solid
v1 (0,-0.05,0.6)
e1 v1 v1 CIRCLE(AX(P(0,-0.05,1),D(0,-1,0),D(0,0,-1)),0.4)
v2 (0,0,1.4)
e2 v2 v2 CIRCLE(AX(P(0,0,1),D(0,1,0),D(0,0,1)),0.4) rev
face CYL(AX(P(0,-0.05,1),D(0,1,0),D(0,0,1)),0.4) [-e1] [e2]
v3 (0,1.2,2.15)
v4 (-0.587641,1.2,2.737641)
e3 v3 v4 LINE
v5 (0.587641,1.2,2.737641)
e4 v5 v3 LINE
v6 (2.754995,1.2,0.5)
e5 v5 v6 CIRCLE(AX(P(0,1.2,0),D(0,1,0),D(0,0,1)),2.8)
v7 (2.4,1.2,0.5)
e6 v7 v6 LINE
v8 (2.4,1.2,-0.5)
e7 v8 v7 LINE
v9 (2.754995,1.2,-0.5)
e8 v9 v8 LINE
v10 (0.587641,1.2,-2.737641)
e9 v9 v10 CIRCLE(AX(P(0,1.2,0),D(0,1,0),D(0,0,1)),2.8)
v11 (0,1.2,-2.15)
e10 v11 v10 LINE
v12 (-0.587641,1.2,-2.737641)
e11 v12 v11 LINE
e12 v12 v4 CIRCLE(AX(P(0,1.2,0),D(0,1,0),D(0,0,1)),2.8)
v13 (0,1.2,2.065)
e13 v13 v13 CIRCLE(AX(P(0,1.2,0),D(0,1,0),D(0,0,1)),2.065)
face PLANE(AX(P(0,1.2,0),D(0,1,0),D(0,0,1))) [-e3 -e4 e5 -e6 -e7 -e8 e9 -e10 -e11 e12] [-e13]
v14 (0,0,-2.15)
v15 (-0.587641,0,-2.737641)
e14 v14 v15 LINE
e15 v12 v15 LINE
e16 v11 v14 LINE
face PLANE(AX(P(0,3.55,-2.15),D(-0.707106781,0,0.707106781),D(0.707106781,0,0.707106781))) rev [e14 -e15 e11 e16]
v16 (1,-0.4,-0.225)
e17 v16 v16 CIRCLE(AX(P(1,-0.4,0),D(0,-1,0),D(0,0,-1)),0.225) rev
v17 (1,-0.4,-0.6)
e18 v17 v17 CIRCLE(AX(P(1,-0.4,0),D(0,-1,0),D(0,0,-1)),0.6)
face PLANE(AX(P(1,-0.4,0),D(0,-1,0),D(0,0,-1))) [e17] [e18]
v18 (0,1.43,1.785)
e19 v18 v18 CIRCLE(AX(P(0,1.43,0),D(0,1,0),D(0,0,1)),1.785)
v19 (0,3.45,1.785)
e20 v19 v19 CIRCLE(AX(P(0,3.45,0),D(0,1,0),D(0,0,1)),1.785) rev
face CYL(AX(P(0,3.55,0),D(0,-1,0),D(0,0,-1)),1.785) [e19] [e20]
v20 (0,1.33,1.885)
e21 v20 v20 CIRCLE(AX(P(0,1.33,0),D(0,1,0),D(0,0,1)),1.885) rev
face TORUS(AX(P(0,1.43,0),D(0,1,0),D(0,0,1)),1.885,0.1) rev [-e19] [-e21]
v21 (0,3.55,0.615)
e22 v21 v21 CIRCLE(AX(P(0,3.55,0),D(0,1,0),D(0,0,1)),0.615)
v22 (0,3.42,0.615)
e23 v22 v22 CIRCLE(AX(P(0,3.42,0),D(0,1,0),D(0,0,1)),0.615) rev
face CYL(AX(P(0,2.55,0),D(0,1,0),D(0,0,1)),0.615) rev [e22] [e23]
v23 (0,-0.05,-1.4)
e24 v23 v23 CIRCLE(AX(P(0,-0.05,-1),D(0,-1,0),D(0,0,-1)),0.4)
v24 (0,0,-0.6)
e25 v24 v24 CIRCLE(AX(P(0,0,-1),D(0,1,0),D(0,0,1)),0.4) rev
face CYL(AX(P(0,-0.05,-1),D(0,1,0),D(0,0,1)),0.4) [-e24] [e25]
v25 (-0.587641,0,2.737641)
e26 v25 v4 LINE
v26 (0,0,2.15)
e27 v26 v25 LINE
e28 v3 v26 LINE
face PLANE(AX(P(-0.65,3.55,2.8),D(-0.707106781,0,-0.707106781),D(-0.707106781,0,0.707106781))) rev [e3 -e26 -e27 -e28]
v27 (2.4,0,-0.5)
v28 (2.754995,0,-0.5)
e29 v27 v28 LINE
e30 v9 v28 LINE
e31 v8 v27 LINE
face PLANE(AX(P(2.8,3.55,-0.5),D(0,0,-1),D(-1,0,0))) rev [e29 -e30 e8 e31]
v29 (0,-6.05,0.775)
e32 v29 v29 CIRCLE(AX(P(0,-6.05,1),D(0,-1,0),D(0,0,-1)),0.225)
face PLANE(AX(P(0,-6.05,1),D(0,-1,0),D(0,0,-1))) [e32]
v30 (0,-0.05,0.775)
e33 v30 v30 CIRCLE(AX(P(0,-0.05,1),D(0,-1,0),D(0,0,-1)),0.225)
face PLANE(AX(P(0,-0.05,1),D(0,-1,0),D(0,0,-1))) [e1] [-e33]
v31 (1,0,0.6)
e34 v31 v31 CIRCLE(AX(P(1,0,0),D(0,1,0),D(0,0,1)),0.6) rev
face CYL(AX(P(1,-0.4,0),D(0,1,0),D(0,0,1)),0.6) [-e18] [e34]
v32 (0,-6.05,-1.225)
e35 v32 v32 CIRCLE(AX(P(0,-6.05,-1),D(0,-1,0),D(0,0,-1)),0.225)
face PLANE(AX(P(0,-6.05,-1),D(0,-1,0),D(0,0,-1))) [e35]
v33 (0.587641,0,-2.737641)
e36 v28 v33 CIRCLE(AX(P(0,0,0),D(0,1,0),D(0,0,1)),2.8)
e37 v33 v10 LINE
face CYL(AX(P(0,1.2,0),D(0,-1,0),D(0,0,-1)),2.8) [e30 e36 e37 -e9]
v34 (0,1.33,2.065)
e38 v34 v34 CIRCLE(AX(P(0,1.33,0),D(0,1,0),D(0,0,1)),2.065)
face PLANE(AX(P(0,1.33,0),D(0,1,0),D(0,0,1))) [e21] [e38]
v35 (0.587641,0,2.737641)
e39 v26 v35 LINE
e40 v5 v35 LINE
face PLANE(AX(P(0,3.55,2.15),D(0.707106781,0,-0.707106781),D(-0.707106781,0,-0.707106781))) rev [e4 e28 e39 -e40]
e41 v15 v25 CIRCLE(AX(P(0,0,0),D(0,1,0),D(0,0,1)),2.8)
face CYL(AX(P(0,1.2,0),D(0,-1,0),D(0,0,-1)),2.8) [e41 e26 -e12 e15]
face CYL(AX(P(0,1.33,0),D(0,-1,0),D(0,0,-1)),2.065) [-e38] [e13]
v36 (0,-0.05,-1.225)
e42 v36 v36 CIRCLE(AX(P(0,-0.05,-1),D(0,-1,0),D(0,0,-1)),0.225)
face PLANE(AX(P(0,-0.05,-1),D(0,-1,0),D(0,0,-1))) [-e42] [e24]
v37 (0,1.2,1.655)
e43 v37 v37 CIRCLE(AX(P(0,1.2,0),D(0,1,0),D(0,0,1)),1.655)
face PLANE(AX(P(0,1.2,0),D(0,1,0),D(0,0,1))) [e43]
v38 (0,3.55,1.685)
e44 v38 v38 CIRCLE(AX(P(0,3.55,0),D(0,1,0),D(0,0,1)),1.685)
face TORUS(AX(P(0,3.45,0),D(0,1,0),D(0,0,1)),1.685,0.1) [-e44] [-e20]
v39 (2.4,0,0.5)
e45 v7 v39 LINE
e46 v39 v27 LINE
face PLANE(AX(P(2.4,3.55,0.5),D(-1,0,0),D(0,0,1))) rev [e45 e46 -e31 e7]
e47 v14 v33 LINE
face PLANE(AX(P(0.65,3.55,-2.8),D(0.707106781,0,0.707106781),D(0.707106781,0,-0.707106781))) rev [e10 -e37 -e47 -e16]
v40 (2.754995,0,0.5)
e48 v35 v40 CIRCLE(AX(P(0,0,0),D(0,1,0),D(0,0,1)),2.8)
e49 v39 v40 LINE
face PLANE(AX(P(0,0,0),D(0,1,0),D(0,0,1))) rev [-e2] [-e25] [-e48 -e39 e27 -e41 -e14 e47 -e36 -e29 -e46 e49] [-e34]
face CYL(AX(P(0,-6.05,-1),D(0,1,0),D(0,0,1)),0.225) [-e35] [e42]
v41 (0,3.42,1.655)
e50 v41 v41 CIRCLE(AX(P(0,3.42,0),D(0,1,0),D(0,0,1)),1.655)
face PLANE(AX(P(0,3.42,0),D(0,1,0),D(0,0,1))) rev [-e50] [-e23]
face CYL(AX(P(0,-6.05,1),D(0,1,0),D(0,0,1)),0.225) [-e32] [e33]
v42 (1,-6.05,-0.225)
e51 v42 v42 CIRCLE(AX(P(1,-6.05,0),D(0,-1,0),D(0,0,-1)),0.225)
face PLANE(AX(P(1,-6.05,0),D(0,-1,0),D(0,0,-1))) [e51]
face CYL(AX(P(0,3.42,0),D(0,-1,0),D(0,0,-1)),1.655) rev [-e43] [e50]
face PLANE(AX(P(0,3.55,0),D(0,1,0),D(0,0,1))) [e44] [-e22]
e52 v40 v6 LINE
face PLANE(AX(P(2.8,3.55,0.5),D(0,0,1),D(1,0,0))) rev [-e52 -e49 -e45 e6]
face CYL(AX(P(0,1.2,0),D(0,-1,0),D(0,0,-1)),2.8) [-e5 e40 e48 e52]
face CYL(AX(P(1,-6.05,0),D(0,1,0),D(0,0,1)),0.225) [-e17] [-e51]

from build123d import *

# Parameters (mm, degrees)
SKETCH1_R           = 2.8
BOSS_EXTRUDE1_DEPTH = 1.2
SKETCH2_R           = 2.065
BOSS_EXTRUDE2_DEPTH = 0.13
SKETCH3_R           = 1.785
BOSS_EXTRUDE3_DEPTH = 2.22
SKETCH4_R           = 0.615
CUT_EXTRUDE1_DEPTH  = 1
SKETCH5_R           = 0.4
BOSS_EXTRUDE4_DEPTH = 0.05
SKETCH6_W           = 0.4
SKETCH6_H           = 1
CUT_EXTRUDE2_DEPTH  = 6.31812937
SKETCH7_R           = 0.6
BOSS_EXTRUDE5_DEPTH = 0.4
SKETCH8_R           = 0.225
BOSS_EXTRUDE6_DEPTH = 6
FILLET1_R           = 0.1
SKETCH9_R           = 1.655
CUT_EXTRUDE3_DEPTH  = 2.22


with BuildPart() as part:
    # Sketch1 → Boss-Extrude1 (new body)
    with BuildSketch(Plane(origin=(0, 0, 0), x_dir=(1, 0, 0), z_dir=(0, 1, 0))):
        with Locations(Location((0, 0, 0), (0, 0, 270))):
            Circle(SKETCH1_R)
    extrude(amount=BOSS_EXTRUDE1_DEPTH)

    # Sketch2 → Boss-Extrude2 (add)
    with BuildSketch(Plane(origin=(0, 1.2, 0), x_dir=(1, 0, 0), z_dir=(0, 1, 0))):
        with Locations(Location((0, 0, 0), (0, 0, 270))):
            Circle(SKETCH2_R)
    extrude(amount=BOSS_EXTRUDE2_DEPTH)

    # Sketch3 → Boss-Extrude3 (add)
    with BuildSketch(Plane(origin=(0, 1.33, 0), x_dir=(1, 0, 0), z_dir=(0, 1, 0))):
        with Locations(Location((0, 0, 0), (0, 0, 270))):
            Circle(SKETCH3_R)
    extrude(amount=BOSS_EXTRUDE3_DEPTH)

    # Sketch4 → Cut-Extrude1 (cut)
    with BuildSketch(Plane(origin=(0, 3.55, 0), x_dir=(1, 0, 0), z_dir=(0, 1, 0))):
        with Locations(Location((0, 0, 0), (0, 0, 270))):
            Circle(SKETCH4_R)
    extrude(amount=-CUT_EXTRUDE1_DEPTH, mode=Mode.SUBTRACT)

    # Sketch5 → Boss-Extrude4 (add)
    with BuildSketch(Plane.XZ):
        with Locations(Location((0, 1, 0), (0, 0, 90))):
            Circle(SKETCH5_R)
        with Locations(Location((0, -1, 0), (0, 0, 90))):
            Circle(SKETCH5_R)
    extrude(amount=BOSS_EXTRUDE4_DEPTH)

    # Sketch6 → Cut-Extrude2 (cut, through all)
    with BuildSketch(Plane.XZ):
        Polygon((0, 2.15), (0.65, 2.8), (-0.65, 2.8), align=None)
        with Locations((2.6, 0)):
            Rectangle(SKETCH6_W, SKETCH6_H)
        Polygon((0, -2.15), (-0.65, -2.8), (0.65, -2.8), align=None)
    extrude(amount=-CUT_EXTRUDE2_DEPTH, mode=Mode.SUBTRACT)

    # Sketch7 → Boss-Extrude5 (add)
    with BuildSketch(Plane.XZ):
        with Locations(Location((1, 0, 0), (0, 0, 90))):
            Circle(SKETCH7_R)
    extrude(amount=BOSS_EXTRUDE5_DEPTH)

    # Sketch8 → Boss-Extrude6 (add)
    with BuildSketch(Plane.XZ.offset(0.05)):
        with Locations(Location((0, 1, 0), (0, 0, 270))):
            Circle(SKETCH8_R)
        with Locations(Location((0, -1, 0), (0, 0, 270))):
            Circle(SKETCH8_R)
        with Locations(Location((1, 0, 0), (0, 0, 270))):
            Circle(SKETCH8_R)
    extrude(amount=BOSS_EXTRUDE6_DEPTH)

    # Fillet1
    fillet1_edges = [part.edges().sort_by_distance(p)[0] for p in [
        (0, 1.33, -1.785),
        (0, 3.55, -1.785),
    ]]
    fillet(fillet1_edges, radius=FILLET1_R)

    # Sketch9 → Cut-Extrude3 (cut)
    with BuildSketch(Plane(origin=(0, 1.2, 0), x_dir=(1, 0, 0), z_dir=(0, 1, 0))):
        with Locations(Location((0, 0, 0), (0, 0, 270))):
            Circle(SKETCH9_R)
    extrude(amount=CUT_EXTRUDE3_DEPTH, mode=Mode.SUBTRACT)


solid = part.part
